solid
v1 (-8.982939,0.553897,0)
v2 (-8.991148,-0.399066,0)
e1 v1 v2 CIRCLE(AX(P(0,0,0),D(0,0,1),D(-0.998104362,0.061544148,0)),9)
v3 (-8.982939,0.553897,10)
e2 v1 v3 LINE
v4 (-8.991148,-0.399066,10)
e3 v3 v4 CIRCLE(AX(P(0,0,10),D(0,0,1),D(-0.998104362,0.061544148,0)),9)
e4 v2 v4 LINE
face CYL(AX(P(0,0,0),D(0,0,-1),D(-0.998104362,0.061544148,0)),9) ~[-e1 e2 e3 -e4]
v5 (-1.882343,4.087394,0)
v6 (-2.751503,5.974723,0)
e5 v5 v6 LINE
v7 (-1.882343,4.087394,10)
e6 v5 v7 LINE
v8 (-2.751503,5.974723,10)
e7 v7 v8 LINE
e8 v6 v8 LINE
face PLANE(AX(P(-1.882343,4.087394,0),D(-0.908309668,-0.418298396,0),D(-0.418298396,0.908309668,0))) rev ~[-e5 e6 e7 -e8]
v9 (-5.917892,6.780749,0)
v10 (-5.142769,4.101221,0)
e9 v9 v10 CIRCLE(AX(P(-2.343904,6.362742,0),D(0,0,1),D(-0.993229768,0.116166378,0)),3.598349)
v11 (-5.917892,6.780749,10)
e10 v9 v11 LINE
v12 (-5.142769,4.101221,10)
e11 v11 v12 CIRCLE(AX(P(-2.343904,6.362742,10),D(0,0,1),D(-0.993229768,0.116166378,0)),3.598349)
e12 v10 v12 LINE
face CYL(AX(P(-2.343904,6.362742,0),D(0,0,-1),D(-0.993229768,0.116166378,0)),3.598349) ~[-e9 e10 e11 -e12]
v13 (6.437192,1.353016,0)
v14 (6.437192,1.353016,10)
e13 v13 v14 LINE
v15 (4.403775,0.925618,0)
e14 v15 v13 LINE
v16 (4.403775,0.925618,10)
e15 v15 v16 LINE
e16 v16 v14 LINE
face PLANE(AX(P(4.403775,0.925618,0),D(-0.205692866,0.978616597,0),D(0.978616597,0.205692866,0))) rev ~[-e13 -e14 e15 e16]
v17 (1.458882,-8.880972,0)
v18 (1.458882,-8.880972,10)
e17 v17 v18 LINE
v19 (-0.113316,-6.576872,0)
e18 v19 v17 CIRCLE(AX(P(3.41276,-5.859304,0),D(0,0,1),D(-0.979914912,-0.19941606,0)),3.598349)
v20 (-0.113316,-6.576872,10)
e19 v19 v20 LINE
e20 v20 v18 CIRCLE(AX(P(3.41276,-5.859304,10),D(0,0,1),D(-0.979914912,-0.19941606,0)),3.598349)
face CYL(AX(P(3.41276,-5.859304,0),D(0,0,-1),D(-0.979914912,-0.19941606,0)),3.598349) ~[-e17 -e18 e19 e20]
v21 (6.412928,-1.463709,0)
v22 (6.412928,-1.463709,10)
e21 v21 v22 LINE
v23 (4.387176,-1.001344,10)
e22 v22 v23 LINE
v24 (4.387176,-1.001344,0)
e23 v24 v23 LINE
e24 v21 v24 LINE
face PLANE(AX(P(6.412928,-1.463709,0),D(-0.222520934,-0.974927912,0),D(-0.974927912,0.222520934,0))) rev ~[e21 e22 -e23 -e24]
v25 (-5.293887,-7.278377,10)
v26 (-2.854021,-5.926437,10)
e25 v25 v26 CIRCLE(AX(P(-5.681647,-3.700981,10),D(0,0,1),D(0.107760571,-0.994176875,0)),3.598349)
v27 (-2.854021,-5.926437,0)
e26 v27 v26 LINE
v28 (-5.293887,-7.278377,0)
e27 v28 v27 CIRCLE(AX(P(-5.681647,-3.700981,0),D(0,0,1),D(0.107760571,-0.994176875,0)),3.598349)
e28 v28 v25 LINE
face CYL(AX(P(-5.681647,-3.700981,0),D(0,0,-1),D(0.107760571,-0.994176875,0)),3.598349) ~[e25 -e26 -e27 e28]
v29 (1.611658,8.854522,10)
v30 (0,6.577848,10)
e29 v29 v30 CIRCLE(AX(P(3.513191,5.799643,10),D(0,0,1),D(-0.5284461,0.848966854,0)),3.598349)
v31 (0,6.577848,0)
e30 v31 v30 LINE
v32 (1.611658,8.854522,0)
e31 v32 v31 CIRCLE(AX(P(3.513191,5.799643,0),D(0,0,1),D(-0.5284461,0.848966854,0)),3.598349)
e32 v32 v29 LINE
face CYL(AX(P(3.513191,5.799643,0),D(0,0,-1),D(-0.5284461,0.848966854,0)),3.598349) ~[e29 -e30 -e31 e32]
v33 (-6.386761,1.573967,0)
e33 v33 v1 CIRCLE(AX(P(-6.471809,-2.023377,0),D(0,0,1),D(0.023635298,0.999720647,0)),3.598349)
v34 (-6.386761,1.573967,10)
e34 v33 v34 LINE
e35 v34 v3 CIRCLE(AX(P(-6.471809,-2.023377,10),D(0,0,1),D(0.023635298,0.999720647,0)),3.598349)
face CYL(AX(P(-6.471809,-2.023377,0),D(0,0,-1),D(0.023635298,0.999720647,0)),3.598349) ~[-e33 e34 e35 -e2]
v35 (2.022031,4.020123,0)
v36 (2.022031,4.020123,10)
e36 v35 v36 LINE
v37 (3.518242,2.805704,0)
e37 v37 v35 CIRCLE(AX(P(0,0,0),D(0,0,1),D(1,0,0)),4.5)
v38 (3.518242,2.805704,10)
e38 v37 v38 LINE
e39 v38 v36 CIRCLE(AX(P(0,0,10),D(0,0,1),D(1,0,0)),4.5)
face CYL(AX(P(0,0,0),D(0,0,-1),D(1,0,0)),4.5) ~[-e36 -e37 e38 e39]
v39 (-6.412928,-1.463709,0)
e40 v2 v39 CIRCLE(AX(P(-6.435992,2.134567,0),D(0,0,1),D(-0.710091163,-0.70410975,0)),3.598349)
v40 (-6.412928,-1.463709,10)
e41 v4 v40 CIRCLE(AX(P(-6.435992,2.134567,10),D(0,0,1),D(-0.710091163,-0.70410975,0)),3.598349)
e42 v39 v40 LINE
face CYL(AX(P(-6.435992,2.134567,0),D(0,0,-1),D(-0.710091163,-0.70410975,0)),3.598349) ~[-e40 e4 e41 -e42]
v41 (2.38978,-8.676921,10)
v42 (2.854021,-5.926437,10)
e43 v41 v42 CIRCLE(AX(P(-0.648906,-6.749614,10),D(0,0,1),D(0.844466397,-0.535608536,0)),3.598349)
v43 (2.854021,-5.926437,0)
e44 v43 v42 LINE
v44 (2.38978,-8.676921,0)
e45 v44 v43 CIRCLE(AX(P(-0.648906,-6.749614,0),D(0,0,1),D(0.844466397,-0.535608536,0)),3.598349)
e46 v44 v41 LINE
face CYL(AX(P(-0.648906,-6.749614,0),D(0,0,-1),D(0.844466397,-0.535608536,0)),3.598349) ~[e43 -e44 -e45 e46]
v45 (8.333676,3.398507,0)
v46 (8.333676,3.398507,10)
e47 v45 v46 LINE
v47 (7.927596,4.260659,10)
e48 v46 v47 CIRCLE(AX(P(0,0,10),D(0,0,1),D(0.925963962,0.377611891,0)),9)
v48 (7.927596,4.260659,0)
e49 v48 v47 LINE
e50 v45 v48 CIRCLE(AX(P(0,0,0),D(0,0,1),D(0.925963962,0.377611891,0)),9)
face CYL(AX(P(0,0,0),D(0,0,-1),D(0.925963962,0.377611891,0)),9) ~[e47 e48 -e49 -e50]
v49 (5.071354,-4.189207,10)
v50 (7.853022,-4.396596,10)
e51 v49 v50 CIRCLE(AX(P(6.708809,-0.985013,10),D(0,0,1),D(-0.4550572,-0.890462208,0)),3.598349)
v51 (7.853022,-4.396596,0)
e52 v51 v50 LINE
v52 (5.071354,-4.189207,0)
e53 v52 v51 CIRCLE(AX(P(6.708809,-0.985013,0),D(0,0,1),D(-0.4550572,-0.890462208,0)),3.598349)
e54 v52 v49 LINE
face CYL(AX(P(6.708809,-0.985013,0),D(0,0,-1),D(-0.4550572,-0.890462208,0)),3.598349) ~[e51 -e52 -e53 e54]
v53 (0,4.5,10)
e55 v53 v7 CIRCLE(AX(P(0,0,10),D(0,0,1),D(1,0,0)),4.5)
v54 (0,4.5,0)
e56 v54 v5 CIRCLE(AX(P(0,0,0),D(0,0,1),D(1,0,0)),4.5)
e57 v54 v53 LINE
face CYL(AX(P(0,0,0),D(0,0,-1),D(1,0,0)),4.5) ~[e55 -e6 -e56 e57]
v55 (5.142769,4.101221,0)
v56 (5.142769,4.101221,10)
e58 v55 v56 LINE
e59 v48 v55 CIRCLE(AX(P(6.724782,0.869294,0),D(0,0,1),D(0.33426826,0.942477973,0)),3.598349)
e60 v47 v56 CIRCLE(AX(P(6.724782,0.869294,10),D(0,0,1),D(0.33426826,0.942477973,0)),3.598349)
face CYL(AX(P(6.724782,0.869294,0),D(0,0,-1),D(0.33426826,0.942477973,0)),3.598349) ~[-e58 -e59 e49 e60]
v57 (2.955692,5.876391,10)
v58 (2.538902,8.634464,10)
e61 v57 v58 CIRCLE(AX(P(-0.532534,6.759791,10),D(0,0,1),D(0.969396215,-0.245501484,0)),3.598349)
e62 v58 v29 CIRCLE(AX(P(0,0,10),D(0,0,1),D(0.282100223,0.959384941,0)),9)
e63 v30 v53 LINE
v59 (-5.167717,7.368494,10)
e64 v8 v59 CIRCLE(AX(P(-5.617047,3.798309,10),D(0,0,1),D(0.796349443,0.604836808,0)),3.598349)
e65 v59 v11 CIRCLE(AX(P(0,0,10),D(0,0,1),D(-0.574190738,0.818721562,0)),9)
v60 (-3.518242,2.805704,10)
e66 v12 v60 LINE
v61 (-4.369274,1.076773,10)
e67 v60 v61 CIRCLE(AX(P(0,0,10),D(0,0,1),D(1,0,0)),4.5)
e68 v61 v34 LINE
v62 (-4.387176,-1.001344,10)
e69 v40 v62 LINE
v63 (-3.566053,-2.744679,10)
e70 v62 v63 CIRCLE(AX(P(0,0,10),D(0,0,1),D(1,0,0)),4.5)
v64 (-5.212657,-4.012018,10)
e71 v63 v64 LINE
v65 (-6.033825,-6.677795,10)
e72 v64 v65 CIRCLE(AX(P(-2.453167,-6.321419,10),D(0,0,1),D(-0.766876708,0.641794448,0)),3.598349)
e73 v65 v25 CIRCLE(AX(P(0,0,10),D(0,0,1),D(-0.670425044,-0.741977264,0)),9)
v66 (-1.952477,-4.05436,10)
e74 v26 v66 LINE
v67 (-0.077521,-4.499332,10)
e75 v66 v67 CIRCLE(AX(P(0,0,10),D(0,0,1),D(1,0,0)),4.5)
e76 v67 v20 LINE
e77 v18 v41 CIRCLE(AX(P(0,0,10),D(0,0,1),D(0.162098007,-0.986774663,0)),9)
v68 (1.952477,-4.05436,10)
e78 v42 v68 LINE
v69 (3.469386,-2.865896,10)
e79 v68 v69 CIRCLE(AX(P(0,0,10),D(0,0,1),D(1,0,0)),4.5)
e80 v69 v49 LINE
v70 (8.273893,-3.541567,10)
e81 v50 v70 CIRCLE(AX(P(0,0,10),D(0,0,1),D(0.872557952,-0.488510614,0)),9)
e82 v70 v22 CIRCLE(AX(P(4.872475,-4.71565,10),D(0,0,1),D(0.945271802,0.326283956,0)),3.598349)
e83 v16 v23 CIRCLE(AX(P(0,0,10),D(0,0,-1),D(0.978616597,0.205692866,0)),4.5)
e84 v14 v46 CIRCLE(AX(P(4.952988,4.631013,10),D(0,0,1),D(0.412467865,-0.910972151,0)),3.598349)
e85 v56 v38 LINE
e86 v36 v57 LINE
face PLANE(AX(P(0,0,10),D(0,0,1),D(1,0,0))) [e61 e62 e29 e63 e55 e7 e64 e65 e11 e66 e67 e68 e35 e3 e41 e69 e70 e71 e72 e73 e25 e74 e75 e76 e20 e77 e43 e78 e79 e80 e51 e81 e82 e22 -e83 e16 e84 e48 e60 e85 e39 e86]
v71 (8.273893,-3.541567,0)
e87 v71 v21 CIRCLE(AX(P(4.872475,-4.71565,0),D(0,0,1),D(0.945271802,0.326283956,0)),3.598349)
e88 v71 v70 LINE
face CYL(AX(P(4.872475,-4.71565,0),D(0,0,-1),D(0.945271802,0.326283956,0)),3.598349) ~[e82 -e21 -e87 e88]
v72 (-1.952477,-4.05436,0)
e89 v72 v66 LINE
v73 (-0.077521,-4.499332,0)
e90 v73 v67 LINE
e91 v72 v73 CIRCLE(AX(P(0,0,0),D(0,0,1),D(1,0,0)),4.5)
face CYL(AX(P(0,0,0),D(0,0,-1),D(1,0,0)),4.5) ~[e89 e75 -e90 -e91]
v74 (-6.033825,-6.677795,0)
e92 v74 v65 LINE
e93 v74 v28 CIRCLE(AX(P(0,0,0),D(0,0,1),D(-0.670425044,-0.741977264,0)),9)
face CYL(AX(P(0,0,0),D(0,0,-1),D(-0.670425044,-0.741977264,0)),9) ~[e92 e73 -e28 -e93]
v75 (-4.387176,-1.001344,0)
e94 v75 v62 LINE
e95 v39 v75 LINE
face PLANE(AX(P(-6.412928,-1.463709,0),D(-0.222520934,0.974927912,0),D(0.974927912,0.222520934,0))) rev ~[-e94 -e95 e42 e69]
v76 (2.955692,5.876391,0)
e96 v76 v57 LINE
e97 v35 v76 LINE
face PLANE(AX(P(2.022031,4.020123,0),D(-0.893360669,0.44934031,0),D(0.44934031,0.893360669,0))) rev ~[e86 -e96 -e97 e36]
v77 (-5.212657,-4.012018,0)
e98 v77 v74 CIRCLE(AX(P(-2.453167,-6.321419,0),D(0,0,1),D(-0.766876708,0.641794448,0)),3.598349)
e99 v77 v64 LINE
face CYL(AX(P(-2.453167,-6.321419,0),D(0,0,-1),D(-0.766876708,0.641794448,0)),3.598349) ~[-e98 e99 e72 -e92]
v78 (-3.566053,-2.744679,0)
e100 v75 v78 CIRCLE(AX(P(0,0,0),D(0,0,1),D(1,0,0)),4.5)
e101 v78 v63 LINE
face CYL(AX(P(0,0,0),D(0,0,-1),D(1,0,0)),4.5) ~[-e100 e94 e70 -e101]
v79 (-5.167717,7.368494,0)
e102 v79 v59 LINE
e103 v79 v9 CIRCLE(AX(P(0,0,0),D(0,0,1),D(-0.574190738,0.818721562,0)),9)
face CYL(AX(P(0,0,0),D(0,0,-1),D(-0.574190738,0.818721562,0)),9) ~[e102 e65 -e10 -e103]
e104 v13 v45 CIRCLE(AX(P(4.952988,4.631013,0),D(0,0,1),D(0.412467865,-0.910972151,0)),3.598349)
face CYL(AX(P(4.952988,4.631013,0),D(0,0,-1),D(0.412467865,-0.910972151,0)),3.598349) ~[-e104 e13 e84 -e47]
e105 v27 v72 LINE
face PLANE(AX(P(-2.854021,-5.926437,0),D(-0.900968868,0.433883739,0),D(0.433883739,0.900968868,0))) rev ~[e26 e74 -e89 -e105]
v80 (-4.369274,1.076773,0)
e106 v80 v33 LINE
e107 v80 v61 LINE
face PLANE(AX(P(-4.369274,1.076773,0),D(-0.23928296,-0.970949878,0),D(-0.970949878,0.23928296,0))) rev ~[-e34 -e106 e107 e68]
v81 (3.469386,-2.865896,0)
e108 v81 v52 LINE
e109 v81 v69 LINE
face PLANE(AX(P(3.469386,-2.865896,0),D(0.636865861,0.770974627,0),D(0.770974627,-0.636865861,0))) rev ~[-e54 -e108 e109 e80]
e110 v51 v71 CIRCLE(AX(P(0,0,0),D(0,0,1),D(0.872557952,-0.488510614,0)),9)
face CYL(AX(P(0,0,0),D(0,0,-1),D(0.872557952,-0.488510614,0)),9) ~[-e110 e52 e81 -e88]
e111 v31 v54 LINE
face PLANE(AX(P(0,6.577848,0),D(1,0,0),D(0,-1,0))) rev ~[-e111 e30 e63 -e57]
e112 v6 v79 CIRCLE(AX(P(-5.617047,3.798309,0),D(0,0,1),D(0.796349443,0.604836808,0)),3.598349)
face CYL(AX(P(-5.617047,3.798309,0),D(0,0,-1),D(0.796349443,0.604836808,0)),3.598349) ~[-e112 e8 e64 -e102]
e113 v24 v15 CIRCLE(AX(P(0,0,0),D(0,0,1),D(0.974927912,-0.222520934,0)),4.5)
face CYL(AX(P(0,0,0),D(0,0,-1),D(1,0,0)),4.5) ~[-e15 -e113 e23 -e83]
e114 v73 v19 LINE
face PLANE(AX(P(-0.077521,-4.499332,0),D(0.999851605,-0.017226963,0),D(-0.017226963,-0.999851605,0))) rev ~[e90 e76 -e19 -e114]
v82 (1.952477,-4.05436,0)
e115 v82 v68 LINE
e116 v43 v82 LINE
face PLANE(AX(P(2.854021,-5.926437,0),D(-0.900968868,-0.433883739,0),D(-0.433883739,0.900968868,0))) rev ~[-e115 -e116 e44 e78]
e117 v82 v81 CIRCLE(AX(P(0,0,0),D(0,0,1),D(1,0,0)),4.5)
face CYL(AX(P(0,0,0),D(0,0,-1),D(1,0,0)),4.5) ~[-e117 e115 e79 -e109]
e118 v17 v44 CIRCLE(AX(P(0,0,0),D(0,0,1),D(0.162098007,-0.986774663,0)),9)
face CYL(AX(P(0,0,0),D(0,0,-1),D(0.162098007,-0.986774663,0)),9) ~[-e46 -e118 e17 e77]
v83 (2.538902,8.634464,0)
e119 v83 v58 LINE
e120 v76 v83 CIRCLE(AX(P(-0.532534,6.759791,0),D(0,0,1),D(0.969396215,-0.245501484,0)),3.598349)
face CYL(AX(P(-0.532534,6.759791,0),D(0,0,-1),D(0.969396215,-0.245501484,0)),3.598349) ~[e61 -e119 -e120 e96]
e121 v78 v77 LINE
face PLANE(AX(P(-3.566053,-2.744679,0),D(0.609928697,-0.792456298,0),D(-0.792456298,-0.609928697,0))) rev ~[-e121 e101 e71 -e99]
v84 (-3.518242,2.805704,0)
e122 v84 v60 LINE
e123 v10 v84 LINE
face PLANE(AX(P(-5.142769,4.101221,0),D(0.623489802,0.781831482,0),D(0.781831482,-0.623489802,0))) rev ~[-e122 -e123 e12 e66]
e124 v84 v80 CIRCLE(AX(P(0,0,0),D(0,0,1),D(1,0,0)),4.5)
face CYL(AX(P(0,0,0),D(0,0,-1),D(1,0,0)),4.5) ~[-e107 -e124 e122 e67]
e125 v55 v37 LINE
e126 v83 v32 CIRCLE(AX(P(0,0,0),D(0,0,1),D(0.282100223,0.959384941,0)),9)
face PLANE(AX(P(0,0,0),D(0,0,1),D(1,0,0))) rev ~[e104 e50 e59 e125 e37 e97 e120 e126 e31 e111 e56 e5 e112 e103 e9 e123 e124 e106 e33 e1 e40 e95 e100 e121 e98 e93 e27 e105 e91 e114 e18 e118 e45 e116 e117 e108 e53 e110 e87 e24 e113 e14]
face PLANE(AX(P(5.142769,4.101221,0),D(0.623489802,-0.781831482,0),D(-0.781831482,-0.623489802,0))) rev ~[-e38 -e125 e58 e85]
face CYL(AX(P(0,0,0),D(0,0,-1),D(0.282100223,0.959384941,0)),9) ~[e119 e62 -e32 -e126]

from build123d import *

# Parameters (mm, degrees)
BOSS_EXTRU_1_DEPTH           = 10
R_P_TITION_CIRCULAIRE2_COUNT = 7
ESQUISSE5_R                  = 4.5
BOSS_EXTRU_2_DEPTH           = 10


with BuildPart() as part:
    # Esquisse4 → Boss.-Extru.1 (new body)
    with BuildSketch(Plane.XY):
        with BuildLine():
            Line((0, 6.577848346), (0, 4.5))
            ThreePointArc((0, 4.5), (1.039097311, 4.378387463), (2.022031395, 4.020123013))
            Line((2.022031395, 4.020123013), (2.955692415, 5.876391002))
            ThreePointArc((2.955692415, 5.876391002), (3.02541978, 7.297456647), (2.538901994, 8.634464469))
            ThreePointArc((2.538901994, 8.634464469), (2.078194622, 8.756774927), (1.611657757, 8.854521968))
            ThreePointArc((1.611657757, 8.854521968), (0.576250392, 7.878703818), (0, 6.577848346))
        make_face()
    extrude(amount=BOSS_EXTRU_1_DEPTH)


with BuildPart() as r_p_tition_circulaire2_1:
    # Répétition circulaire2: pattern copy
    add(part.part.rotate(Axis((0, 0, 0), (0, 0, 1)), 1 * 360 / R_P_TITION_CIRCULAIRE2_COUNT))


with BuildPart() as r_p_tition_circulaire2_2:
    # Répétition circulaire2: pattern copy
    add(part.part.rotate(Axis((0, 0, 0), (0, 0, 1)), 2 * 360 / R_P_TITION_CIRCULAIRE2_COUNT))


with BuildPart() as r_p_tition_circulaire2_3:
    # Répétition circulaire2: pattern copy
    add(part.part.rotate(Axis((0, 0, 0), (0, 0, 1)), 3 * 360 / R_P_TITION_CIRCULAIRE2_COUNT))


with BuildPart() as r_p_tition_circulaire2_4:
    # Répétition circulaire2: pattern copy
    add(part.part.rotate(Axis((0, 0, 0), (0, 0, 1)), 4 * 360 / R_P_TITION_CIRCULAIRE2_COUNT))


with BuildPart() as r_p_tition_circulaire2_5:
    # Répétition circulaire2: pattern copy
    add(part.part.rotate(Axis((0, 0, 0), (0, 0, 1)), 5 * 360 / R_P_TITION_CIRCULAIRE2_COUNT))


with BuildPart() as r_p_tition_circulaire2_6:
    # Répétition circulaire2: pattern copy
    add(part.part.rotate(Axis((0, 0, 0), (0, 0, 1)), 6 * 360 / R_P_TITION_CIRCULAIRE2_COUNT))


with BuildPart() as part_1:
    add(part.part)

    add(r_p_tition_circulaire2_1.part)  # Boss.-Extru.2 merges Répétition circulaire2_1

    add(r_p_tition_circulaire2_2.part)  # Boss.-Extru.2 merges Répétition circulaire2_2

    add(r_p_tition_circulaire2_3.part)  # Boss.-Extru.2 merges Répétition circulaire2_3

    add(r_p_tition_circulaire2_4.part)  # Boss.-Extru.2 merges Répétition circulaire2_4

    add(r_p_tition_circulaire2_5.part)  # Boss.-Extru.2 merges Répétition circulaire2_5

    add(r_p_tition_circulaire2_6.part)  # Boss.-Extru.2 merges Répétition circulaire2_6
    # Esquisse5 → Boss.-Extru.2 (add)
    with BuildSketch(Plane.XY):
        Circle(ESQUISSE5_R)
    extrude(amount=BOSS_EXTRU_2_DEPTH)


solid = part_1.part
